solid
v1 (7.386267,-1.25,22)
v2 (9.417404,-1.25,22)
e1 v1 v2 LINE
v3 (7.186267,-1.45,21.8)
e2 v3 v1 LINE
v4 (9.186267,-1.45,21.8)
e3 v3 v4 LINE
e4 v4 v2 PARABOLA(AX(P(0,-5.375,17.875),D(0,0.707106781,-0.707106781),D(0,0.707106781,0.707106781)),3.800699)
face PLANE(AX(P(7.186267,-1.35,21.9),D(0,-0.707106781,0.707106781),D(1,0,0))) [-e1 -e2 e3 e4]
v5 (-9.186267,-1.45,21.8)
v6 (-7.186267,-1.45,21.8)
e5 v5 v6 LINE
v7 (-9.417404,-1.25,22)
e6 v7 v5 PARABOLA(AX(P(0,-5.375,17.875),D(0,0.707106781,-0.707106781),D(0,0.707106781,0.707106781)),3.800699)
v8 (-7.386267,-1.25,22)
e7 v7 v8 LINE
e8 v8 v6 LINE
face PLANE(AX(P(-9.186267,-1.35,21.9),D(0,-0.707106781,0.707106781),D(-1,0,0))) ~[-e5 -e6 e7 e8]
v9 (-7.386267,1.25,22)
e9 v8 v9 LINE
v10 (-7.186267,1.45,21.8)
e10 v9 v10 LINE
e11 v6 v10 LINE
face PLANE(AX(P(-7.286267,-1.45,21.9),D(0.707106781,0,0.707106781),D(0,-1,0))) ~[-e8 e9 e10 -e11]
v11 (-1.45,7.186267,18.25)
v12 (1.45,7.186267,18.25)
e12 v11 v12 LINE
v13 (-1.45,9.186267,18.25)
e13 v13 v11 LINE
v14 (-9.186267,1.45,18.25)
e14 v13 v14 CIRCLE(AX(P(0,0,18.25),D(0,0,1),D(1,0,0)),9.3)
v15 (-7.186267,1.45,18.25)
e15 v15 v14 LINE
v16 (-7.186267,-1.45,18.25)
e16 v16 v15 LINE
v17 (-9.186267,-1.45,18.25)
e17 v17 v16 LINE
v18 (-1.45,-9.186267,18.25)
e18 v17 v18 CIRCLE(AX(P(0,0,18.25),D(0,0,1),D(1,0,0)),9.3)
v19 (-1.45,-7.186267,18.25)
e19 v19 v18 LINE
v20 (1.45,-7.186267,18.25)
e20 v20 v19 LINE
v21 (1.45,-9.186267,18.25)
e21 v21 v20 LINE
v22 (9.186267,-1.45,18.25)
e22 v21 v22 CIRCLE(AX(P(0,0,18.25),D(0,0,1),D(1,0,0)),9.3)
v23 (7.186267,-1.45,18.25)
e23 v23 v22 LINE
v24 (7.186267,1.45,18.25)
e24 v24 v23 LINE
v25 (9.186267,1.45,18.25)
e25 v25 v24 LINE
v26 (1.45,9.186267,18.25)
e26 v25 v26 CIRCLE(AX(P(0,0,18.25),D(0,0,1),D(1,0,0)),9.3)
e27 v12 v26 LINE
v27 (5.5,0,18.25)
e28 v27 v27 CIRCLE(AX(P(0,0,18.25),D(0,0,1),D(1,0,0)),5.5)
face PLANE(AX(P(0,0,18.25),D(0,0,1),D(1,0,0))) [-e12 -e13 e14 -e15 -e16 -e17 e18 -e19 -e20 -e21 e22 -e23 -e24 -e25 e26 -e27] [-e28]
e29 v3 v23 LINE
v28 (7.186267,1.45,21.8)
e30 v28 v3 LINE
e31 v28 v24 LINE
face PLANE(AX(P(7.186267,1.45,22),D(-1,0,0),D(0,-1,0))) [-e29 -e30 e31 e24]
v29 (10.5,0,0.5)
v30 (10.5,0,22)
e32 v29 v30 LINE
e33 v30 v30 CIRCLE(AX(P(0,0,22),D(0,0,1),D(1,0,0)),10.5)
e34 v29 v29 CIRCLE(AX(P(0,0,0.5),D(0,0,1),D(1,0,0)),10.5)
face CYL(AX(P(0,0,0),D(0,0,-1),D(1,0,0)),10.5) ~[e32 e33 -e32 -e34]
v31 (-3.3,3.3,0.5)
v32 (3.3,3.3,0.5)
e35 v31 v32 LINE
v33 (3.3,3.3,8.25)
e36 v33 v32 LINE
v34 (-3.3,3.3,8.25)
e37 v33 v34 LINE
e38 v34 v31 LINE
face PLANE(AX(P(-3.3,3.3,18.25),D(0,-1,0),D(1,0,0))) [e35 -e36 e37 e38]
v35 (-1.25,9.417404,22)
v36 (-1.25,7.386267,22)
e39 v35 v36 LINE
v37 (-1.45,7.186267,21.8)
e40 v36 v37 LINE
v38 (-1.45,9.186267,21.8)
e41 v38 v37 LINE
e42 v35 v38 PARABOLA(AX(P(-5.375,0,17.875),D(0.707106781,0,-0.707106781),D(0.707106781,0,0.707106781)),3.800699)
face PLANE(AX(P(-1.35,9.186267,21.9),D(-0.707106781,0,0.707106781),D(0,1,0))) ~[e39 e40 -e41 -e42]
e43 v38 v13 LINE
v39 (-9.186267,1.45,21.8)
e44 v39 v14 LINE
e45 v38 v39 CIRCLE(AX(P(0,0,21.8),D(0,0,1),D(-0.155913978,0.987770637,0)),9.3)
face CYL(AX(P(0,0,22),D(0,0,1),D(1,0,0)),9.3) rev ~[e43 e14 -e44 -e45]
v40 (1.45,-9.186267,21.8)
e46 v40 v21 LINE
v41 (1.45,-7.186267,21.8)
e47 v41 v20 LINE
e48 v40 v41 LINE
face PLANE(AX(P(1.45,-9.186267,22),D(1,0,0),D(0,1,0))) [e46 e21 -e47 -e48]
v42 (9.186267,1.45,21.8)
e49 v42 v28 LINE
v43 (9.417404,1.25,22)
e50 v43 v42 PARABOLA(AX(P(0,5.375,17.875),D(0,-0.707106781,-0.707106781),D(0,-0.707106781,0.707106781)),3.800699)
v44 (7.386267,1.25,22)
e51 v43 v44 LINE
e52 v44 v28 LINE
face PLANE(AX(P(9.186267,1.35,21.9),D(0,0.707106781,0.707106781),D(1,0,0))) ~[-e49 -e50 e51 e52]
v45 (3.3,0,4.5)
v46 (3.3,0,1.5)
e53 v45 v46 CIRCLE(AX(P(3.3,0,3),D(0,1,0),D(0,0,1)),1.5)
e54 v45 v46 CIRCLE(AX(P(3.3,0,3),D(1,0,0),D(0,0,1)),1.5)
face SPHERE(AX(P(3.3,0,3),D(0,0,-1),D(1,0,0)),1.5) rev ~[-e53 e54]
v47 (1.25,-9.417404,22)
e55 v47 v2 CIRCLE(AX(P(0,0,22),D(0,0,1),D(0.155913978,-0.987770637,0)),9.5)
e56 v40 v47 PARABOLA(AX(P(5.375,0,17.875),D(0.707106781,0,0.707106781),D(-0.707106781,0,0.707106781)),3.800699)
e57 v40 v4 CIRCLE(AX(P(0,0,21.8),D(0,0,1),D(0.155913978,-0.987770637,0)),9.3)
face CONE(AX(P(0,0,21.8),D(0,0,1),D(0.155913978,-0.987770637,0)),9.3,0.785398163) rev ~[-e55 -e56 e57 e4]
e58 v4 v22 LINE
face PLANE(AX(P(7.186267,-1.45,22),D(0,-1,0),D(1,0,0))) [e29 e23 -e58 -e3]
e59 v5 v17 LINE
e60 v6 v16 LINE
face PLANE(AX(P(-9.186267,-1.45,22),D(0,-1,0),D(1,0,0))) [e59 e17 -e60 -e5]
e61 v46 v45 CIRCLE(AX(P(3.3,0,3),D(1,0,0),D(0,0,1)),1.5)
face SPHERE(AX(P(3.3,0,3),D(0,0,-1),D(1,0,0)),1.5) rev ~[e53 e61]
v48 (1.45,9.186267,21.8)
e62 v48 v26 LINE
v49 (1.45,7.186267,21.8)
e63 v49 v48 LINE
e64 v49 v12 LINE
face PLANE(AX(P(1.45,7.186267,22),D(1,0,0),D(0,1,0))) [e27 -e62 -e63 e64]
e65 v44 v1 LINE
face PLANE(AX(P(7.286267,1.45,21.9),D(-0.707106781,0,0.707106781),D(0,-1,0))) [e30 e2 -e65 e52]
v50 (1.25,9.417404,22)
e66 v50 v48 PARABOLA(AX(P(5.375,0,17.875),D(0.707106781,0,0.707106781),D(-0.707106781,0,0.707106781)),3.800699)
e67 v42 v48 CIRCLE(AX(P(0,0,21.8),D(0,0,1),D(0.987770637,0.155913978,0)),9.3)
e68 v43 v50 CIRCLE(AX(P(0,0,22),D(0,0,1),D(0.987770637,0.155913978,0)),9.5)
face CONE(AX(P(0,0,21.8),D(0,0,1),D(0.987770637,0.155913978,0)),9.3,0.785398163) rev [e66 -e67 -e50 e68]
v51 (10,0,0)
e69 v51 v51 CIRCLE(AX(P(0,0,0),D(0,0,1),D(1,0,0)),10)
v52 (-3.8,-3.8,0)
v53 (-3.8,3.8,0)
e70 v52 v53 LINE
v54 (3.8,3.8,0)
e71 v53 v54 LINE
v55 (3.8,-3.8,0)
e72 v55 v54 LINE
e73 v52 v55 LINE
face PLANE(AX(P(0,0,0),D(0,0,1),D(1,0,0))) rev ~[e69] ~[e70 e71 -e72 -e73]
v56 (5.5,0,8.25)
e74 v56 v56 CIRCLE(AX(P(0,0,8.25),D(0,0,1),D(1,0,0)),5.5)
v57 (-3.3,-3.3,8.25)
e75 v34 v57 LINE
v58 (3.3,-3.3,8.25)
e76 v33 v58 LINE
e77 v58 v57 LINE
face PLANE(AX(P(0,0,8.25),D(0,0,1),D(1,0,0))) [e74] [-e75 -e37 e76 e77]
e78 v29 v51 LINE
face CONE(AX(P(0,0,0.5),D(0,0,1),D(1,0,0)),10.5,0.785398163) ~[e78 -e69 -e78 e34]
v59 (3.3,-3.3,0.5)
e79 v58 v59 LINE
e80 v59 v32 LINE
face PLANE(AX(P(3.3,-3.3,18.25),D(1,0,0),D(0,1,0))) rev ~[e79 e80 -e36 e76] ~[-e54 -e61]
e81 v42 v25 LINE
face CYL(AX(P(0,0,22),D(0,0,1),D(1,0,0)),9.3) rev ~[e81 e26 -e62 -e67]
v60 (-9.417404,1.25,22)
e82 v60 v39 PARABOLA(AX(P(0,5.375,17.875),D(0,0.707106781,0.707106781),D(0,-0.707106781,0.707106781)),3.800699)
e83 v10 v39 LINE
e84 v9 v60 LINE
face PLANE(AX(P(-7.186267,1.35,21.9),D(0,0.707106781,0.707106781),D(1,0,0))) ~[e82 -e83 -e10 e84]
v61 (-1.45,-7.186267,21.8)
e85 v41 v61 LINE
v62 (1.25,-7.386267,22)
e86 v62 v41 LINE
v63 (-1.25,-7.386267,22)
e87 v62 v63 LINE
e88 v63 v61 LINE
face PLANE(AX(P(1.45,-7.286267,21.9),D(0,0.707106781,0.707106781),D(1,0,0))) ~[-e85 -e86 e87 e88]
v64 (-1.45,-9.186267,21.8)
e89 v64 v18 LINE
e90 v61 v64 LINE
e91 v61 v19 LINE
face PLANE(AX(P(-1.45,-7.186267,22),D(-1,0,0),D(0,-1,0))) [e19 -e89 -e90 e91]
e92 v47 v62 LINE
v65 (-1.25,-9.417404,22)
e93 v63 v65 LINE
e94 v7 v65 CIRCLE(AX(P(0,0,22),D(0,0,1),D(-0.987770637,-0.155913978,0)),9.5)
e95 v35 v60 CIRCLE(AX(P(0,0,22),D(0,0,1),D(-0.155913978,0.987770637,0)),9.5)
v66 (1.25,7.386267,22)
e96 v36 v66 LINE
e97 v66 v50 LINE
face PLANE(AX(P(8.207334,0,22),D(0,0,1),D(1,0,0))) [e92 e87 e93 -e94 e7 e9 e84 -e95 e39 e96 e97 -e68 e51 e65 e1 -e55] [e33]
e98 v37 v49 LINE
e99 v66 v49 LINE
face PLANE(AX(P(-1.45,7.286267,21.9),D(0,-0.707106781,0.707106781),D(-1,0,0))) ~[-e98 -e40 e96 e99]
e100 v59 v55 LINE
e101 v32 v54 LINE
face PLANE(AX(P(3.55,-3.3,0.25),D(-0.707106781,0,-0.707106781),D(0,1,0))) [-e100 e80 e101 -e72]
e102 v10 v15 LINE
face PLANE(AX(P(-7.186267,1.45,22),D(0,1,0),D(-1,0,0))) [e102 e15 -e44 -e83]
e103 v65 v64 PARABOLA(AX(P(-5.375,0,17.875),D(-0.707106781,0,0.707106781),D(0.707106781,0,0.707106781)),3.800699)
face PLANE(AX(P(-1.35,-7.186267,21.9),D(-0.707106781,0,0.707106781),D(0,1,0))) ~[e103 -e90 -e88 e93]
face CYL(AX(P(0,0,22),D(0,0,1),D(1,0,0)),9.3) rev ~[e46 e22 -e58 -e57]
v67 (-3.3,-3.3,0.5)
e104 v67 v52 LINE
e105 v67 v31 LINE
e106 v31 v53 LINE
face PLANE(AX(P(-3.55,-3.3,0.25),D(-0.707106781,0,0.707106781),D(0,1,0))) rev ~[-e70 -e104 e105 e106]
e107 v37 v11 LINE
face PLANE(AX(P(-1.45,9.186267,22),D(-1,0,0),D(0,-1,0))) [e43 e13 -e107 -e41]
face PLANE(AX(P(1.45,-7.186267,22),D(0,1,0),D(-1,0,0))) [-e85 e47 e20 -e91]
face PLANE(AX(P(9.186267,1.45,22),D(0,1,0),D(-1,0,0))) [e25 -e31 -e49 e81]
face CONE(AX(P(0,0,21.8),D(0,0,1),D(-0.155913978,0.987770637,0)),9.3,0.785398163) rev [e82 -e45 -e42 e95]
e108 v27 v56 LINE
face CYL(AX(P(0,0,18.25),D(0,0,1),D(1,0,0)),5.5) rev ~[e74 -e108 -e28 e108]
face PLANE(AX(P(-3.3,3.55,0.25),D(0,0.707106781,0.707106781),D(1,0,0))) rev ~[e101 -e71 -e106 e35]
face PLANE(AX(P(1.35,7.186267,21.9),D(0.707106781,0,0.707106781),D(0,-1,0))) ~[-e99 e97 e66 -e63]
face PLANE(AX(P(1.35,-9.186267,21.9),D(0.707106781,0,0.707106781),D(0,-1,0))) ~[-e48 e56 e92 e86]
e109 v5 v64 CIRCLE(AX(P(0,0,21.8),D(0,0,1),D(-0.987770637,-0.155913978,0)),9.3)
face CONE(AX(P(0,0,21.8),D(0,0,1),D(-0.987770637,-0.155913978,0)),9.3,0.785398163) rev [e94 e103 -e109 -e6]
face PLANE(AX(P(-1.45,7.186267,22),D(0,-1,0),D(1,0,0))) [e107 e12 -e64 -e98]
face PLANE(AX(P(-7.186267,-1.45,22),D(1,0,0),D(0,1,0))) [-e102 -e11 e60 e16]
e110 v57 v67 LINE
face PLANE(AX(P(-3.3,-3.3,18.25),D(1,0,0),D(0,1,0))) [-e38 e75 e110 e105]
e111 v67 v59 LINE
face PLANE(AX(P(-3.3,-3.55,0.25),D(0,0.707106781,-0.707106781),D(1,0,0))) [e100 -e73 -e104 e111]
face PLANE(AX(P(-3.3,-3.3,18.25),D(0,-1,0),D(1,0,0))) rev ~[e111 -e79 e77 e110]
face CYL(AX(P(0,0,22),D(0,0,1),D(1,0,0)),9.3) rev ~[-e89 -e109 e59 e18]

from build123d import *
from build123d.topology import SkipClean

# Parameters (mm, degrees)
SKETCH1_R           = 10.5
BOSS_EXTRUDE1_DEPTH = 22
SKETCH2_R           = 9.3
CUT_EXTRUDE1_DEPTH  = 3.75
BOSS_EXTRUDE3_START = 3.75
BOSS_EXTRUDE3_DEPTH = 3.75
CHAMFER1_SIZE       = 0.2
SKETCH4_W           = 6.6
SKETCH4_H           = 6.6
CUT_EXTRUDE2_DEPTH  = 24.527908959
CHAMFER2_SIZE       = 0.5
SKETCH6_R           = 5.5
CUT_EXTRUDE3_DEPTH  = 10


with BuildPart() as part:
    # Sketch1 → Boss-Extrude1 (new body)
    with BuildSketch(Plane.XY):
        Circle(SKETCH1_R)
    extrude(amount=BOSS_EXTRUDE1_DEPTH)

    # Sketch2 → Cut-Extrude1 (cut)
    with BuildSketch(Plane.XY.offset(22)):
        Circle(SKETCH2_R)
    extrude(amount=-CUT_EXTRUDE1_DEPTH, mode=Mode.SUBTRACT)

    # Sketch3 → Boss-Extrude3 (add)
    with BuildSketch(Plane.XY.offset(18.25).offset(BOSS_EXTRUDE3_START)):
        with BuildLine():
            Line((-1.45, 9.186266924), (-1.45, 7.186266924))
            Line((-1.45, 7.186266924), (1.45, 7.186266924))
            Line((1.45, 7.186266924), (1.45, 9.186266924))
            ThreePointArc((1.45, 9.186266924), (0, 9.3), (-1.45, 9.186266924))
        make_face()
        with BuildLine():
            Line((7.186266924, -1.45), (9.186266924, -1.45))
            ThreePointArc((9.186266924, -1.45), (9.3, 0), (9.186266924, 1.45))
            Line((9.186266924, 1.45), (7.186266924, 1.45))
            Line((7.186266924, 1.45), (7.186266924, -1.45))
        make_face()
        with BuildLine():
            Line((-1.45, -7.186266924), (-1.45, -9.186266924))
            ThreePointArc((-1.45, -9.186266924), (0, -9.3), (1.45, -9.186266924))
            Line((1.45, -9.186266924), (1.45, -7.186266924))
            Line((1.45, -7.186266924), (-1.45, -7.186266924))
        make_face()
        with BuildLine():
            Line((-7.186266924, 1.45), (-9.186266924, 1.45))
            ThreePointArc((-9.186266924, 1.45), (-9.3, 0), (-9.186266924, -1.45))
            Line((-9.186266924, -1.45), (-7.186266924, -1.45))
            Line((-7.186266924, -1.45), (-7.186266924, 1.45))
        make_face()
    extrude(amount=-BOSS_EXTRUDE3_DEPTH)

    # Chamfer1
    chamfer1_edges = [part.edges().sort_by_distance(p)[0] for p in [
        (-6.576093065, 6.576093065, 22),
        (1.45, 8.186266924, 22),
        (-1.45, 8.186266924, 22),
        (0, 7.186266924, 22),
        (6.576093065, 6.576093065, 22),
        (8.186266924, -1.45, 22),
        (8.186266924, 1.45, 22),
        (7.186266924, 0, 22),
        (6.576093065, -6.576093065, 22),
        (-1.45, -8.186266924, 22),
        (1.45, -8.186266924, 22),
        (0, -7.186266924, 22),
        (-6.576093065, -6.576093065, 22),
        (-8.186266924, 1.45, 22),
        (-8.186266924, -1.45, 22),
        (-7.186266924, 0, 22),
    ]]
    chamfer(chamfer1_edges, length=CHAMFER1_SIZE)

    # Sketch4 → Cut-Extrude2 (cut, through all)
    with BuildSketch(Plane.XY.offset(18.25)):
        Rectangle(SKETCH4_W, SKETCH4_H)
    extrude(amount=-CUT_EXTRUDE2_DEPTH, mode=Mode.SUBTRACT)

    # Chamfer2
    chamfer2_edges = [part.edges().sort_by_distance(p)[0] for p in [
        (3.3, 0, 0),
        (0, -3.3, 0),
        (-3.3, 0, 0),
        (0, 3.3, 0),
        (-10.5, 0, 0),
    ]]
    chamfer(chamfer2_edges, length=CHAMFER2_SIZE)

    # Sketch5 → Cut-Revolve1 (revolve, cut)
    with SkipClean():  # the faces are left unmerged after this step: merging them gives an invalid solid
        with BuildSketch(Plane(origin=(0, 0, 0), x_dir=(1, 0, 0), z_dir=(0, 1, 0))):
            with BuildLine():
                Line((3.3, -1.5), (3.3, -4.5))
                ThreePointArc((3.3, -4.5), (4.8, -3), (3.3, -1.5))
            make_face()
        revolve(axis=Axis((3.3, 0, 6.635415663), (0, 0, -1)), mode=Mode.SUBTRACT)

    # Sketch6 → Cut-Extrude3 (cut)
    with SkipClean():  # the faces are left unmerged after this step: merging them gives an invalid solid
        with BuildSketch(Plane.XY.offset(18.25)):
            Circle(SKETCH6_R)
        extrude(amount=-CUT_EXTRUDE3_DEPTH, mode=Mode.SUBTRACT)


solid = part.part
